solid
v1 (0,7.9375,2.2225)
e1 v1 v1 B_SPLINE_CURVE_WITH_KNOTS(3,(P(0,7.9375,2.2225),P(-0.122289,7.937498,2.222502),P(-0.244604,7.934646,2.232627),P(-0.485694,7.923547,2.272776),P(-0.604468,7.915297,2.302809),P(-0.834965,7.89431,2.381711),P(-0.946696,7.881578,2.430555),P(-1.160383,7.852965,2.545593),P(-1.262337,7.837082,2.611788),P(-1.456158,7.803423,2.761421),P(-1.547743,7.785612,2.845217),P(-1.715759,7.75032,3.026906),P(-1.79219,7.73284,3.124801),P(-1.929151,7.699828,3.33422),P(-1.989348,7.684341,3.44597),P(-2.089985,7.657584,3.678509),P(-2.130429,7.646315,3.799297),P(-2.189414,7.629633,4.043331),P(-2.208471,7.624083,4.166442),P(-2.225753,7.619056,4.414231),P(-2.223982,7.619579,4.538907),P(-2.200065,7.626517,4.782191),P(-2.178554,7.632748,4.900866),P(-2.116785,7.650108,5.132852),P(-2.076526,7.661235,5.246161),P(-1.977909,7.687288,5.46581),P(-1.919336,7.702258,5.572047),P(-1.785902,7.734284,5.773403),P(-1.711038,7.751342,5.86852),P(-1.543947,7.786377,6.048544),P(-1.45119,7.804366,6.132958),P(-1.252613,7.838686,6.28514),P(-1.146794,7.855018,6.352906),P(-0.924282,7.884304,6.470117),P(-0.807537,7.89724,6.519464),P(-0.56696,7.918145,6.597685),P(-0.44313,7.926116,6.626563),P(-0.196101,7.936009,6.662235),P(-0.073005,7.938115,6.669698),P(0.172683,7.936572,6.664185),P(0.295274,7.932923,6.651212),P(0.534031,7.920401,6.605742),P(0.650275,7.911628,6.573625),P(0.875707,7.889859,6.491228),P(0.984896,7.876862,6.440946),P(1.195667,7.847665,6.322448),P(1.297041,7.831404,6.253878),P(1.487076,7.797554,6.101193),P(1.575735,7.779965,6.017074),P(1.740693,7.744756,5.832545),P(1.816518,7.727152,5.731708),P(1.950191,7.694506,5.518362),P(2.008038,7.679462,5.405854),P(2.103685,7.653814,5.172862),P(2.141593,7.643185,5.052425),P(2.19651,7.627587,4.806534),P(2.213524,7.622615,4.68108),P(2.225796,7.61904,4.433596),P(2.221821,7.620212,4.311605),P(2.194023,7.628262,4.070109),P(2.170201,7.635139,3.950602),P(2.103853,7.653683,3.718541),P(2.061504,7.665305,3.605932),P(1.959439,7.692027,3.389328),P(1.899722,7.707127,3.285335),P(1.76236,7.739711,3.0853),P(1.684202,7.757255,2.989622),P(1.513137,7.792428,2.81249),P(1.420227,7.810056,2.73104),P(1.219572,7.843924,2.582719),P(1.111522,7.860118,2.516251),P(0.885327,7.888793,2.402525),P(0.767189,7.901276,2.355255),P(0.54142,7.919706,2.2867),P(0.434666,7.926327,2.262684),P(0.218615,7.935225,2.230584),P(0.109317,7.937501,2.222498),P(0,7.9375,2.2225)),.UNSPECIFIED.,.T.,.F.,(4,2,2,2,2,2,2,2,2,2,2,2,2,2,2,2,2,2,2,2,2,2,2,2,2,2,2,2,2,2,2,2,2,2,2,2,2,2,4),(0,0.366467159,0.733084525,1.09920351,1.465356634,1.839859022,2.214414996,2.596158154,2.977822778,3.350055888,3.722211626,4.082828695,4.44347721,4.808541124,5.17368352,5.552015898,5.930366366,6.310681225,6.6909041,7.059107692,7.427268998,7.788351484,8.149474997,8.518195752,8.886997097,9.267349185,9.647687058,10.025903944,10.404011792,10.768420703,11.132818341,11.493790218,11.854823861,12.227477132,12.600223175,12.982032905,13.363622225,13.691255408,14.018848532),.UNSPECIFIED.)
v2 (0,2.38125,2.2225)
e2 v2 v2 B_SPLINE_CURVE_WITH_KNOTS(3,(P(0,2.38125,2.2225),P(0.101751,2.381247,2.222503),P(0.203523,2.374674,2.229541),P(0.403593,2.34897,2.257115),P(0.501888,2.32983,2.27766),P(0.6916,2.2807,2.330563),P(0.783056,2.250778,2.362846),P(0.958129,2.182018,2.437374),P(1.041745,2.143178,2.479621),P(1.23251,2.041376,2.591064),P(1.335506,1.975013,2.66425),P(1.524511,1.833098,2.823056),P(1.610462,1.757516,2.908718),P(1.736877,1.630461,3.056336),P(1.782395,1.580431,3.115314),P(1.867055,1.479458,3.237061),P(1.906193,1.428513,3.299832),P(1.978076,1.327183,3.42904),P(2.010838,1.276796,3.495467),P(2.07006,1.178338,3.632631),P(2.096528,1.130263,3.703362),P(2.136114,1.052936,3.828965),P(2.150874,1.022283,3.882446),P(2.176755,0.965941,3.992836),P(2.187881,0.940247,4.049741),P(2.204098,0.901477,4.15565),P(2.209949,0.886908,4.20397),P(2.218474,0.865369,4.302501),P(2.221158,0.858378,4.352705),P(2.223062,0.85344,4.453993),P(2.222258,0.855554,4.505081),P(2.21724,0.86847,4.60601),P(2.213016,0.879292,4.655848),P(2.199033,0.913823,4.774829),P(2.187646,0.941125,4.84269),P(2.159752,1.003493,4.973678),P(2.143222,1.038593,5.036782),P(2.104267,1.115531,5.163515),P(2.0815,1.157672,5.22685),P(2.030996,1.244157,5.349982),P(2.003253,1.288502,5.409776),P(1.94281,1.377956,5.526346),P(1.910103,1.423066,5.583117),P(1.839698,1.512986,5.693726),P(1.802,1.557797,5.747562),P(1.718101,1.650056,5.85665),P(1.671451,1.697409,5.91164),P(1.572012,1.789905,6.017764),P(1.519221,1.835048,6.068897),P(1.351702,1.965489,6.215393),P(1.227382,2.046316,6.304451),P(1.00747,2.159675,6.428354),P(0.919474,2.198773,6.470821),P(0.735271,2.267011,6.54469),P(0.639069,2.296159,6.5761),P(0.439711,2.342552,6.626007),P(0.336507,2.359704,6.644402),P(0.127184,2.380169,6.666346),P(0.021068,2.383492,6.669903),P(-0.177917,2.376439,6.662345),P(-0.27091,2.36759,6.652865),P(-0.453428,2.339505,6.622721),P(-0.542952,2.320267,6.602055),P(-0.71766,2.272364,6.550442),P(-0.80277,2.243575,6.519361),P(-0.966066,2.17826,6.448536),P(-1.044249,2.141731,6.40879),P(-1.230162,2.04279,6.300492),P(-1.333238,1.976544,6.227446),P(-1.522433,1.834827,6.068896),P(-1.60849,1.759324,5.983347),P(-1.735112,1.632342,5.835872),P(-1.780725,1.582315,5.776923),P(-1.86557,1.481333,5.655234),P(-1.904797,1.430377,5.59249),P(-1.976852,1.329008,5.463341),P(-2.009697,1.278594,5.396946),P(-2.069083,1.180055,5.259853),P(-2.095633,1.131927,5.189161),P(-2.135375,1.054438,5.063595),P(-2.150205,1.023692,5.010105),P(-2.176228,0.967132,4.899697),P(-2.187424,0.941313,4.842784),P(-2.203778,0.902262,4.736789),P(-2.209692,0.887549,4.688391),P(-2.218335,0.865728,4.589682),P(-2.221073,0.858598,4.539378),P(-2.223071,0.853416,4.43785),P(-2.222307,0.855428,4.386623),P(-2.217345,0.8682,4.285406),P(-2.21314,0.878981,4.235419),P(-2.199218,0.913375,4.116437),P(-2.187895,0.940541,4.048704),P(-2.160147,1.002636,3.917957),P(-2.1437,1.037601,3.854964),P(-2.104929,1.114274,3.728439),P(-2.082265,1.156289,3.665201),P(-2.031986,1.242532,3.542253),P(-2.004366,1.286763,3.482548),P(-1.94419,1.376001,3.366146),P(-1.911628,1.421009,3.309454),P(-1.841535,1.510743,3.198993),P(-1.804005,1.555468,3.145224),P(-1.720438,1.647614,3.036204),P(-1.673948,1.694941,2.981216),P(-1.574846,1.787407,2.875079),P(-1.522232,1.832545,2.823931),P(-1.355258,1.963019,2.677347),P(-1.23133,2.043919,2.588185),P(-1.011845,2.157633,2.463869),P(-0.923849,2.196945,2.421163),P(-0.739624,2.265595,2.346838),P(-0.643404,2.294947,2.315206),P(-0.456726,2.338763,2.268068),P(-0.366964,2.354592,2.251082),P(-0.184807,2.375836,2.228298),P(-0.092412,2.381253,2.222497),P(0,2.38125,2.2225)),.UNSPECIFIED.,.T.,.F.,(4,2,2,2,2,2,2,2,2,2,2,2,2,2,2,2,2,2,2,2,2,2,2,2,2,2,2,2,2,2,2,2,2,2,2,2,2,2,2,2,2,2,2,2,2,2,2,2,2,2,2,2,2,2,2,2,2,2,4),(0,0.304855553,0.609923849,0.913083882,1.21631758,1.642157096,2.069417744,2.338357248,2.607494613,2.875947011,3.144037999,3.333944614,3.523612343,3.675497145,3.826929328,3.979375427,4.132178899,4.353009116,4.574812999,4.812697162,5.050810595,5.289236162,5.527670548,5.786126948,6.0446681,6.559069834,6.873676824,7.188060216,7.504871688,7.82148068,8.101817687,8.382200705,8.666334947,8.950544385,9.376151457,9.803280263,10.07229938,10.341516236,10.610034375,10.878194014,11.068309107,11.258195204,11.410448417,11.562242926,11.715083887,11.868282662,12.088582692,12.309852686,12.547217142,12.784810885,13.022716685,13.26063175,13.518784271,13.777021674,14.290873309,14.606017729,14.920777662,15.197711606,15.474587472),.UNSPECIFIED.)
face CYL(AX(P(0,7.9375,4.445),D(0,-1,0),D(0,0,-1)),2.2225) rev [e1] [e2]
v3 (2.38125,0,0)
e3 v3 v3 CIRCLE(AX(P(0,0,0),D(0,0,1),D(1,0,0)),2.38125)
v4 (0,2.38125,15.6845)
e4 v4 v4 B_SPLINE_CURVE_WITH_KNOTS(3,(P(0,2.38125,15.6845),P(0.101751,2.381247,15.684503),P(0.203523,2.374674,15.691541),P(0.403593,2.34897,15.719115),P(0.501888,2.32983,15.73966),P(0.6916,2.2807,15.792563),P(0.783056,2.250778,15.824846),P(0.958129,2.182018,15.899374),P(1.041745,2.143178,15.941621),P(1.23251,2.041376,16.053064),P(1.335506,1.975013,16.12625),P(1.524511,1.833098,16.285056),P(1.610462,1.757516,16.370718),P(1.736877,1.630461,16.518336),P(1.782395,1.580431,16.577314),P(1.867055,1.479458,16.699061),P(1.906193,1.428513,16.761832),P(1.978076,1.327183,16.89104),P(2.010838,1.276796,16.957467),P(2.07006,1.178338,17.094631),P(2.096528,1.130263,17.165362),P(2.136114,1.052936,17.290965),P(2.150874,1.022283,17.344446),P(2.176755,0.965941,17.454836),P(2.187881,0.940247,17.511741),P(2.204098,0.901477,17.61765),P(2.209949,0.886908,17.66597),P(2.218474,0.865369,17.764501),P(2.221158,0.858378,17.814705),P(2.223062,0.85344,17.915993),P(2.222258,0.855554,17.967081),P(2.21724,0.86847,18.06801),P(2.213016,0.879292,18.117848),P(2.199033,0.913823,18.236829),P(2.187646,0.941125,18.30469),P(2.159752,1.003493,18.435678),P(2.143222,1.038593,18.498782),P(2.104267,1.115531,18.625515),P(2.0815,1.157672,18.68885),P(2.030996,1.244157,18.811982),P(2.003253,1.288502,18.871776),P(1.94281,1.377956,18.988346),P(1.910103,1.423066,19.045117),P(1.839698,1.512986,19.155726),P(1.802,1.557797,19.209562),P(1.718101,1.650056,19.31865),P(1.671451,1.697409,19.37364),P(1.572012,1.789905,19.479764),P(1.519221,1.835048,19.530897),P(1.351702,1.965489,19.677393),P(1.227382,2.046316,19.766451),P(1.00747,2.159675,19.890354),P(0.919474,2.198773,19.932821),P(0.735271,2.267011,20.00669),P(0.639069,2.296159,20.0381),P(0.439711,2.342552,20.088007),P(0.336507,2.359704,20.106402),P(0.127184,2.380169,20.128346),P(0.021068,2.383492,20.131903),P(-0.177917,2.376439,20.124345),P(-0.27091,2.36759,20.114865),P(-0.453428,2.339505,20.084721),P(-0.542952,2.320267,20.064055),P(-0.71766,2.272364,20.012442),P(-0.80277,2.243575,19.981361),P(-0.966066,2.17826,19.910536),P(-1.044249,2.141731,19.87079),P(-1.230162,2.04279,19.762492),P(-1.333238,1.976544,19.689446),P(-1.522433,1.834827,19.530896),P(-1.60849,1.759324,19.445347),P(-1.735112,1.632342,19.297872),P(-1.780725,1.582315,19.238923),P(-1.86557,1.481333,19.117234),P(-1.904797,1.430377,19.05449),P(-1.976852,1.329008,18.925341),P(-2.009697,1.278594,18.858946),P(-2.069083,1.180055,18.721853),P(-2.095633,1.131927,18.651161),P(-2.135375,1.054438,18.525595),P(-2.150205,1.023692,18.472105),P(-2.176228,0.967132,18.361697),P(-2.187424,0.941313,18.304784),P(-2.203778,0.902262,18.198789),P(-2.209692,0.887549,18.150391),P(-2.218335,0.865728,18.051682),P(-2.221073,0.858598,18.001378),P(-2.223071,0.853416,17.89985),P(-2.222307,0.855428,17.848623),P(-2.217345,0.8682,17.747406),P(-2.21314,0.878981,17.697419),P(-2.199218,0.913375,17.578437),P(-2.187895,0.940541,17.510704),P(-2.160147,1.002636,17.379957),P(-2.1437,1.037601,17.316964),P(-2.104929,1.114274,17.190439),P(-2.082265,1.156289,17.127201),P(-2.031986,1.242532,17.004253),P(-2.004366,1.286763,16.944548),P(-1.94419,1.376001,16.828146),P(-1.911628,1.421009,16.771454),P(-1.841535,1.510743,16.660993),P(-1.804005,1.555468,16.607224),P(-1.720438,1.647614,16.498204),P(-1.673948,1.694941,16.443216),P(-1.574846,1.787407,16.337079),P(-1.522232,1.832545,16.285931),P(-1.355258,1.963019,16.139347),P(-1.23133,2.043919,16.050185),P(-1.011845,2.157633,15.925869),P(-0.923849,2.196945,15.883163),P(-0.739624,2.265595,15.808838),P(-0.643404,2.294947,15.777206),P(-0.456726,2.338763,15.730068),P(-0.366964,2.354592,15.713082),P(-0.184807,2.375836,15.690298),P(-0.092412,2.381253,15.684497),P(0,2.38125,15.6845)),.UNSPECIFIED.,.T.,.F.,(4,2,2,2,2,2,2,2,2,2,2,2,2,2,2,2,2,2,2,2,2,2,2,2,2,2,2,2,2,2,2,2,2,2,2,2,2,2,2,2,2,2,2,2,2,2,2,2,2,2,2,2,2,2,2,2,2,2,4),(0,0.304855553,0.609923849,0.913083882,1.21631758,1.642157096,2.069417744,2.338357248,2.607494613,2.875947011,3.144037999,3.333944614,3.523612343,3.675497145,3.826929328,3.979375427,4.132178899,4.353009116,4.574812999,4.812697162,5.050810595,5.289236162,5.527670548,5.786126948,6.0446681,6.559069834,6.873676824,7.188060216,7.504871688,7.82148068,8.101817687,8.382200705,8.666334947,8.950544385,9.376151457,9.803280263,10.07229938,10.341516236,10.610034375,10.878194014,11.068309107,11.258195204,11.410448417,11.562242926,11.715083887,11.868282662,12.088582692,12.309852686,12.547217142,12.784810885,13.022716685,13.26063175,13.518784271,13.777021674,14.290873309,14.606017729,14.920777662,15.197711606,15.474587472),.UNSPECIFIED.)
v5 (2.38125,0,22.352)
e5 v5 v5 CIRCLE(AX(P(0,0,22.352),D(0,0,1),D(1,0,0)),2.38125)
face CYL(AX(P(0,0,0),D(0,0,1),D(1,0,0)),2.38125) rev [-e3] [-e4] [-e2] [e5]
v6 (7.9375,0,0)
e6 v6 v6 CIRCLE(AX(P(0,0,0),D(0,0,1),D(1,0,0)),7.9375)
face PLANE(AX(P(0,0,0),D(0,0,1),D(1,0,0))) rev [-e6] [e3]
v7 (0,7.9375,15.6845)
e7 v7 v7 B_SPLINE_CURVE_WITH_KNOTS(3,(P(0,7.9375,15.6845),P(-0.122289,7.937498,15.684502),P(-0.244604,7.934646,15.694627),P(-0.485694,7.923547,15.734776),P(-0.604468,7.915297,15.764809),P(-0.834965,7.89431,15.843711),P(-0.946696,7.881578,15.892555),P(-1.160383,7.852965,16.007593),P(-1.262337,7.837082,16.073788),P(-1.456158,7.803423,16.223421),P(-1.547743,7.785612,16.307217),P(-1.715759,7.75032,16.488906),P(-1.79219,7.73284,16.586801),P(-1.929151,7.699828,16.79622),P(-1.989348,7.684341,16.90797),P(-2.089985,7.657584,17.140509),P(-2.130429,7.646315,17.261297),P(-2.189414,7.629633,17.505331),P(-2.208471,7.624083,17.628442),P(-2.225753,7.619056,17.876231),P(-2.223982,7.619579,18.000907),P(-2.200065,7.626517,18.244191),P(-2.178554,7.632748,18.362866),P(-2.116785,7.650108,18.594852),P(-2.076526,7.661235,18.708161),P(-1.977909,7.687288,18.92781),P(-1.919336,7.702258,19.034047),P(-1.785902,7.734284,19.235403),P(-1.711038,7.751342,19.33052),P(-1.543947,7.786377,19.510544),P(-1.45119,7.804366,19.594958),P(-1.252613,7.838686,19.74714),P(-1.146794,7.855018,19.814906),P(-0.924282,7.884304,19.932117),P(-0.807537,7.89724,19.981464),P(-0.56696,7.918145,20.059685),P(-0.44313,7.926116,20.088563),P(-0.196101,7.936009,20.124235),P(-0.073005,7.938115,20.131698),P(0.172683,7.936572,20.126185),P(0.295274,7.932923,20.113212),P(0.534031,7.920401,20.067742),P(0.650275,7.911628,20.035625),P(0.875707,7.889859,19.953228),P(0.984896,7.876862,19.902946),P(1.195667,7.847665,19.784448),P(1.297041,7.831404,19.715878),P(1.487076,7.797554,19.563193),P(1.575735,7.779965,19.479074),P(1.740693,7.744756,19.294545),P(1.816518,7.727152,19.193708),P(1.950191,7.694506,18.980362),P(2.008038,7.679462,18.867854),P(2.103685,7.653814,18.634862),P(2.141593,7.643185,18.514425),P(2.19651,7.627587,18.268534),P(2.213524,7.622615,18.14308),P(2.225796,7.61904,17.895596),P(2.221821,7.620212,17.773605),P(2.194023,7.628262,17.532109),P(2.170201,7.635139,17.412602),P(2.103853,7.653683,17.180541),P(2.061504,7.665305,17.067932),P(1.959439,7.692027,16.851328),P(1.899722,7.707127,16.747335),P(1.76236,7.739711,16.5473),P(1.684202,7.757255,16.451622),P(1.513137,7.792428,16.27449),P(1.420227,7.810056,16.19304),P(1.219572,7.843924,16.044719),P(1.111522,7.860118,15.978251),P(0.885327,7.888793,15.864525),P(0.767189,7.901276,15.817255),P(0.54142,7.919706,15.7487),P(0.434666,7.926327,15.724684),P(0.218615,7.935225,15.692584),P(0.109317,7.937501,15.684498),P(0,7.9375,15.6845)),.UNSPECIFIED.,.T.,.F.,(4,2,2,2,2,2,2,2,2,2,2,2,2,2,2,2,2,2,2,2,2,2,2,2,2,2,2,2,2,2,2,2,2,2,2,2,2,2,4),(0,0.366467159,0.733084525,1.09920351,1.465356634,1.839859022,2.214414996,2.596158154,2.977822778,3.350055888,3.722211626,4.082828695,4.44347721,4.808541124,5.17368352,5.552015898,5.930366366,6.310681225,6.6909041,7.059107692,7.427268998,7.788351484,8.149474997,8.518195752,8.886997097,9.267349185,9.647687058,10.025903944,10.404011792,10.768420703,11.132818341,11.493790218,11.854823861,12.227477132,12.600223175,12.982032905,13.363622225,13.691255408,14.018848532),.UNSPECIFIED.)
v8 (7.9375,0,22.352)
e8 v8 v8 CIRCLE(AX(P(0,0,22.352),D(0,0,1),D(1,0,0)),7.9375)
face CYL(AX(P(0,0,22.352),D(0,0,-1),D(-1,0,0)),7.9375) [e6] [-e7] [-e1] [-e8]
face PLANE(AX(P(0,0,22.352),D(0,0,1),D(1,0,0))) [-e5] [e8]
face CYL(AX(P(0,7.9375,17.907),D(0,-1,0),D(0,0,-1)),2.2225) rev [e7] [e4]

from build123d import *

# Parameters (mm, degrees)
SKETCH1_R           = 7.9375
BOSS_EXTRUDE1_DEPTH = 22.352
SKETCH2_R           = 2.38125
CUT_EXTRUDE1_DEPTH  = 26.012391259
SKETCH3_R           = 2.2225
CUT_EXTRUDE2_DEPTH  = 26.012391259


with BuildPart() as part:
    # Sketch1 → Boss-Extrude1 (new body)
    with BuildSketch(Plane.XY):
        Circle(SKETCH1_R)
    extrude(amount=BOSS_EXTRUDE1_DEPTH)

    # Sketch2 → Cut-Extrude1 (cut, through all)
    with BuildSketch(Plane.XY.offset(22.352)):
        Circle(SKETCH2_R)
    extrude(amount=-CUT_EXTRUDE1_DEPTH, mode=Mode.SUBTRACT)

    # Sketch3 → Cut-Extrude2 (cut, through all)
    with BuildSketch(Plane(origin=(0, 0, 0), x_dir=(1, 0, 0), z_dir=(0, 1, 0))):
        with Locations(Location((0, -4.445, 0), (0, 0, 90))):
            Circle(SKETCH3_R)
        with Locations(Location((0, -17.907, 0), (0, 0, 90))):
            Circle(SKETCH3_R)
    extrude(amount=CUT_EXTRUDE2_DEPTH, mode=Mode.SUBTRACT)


solid = part.part
